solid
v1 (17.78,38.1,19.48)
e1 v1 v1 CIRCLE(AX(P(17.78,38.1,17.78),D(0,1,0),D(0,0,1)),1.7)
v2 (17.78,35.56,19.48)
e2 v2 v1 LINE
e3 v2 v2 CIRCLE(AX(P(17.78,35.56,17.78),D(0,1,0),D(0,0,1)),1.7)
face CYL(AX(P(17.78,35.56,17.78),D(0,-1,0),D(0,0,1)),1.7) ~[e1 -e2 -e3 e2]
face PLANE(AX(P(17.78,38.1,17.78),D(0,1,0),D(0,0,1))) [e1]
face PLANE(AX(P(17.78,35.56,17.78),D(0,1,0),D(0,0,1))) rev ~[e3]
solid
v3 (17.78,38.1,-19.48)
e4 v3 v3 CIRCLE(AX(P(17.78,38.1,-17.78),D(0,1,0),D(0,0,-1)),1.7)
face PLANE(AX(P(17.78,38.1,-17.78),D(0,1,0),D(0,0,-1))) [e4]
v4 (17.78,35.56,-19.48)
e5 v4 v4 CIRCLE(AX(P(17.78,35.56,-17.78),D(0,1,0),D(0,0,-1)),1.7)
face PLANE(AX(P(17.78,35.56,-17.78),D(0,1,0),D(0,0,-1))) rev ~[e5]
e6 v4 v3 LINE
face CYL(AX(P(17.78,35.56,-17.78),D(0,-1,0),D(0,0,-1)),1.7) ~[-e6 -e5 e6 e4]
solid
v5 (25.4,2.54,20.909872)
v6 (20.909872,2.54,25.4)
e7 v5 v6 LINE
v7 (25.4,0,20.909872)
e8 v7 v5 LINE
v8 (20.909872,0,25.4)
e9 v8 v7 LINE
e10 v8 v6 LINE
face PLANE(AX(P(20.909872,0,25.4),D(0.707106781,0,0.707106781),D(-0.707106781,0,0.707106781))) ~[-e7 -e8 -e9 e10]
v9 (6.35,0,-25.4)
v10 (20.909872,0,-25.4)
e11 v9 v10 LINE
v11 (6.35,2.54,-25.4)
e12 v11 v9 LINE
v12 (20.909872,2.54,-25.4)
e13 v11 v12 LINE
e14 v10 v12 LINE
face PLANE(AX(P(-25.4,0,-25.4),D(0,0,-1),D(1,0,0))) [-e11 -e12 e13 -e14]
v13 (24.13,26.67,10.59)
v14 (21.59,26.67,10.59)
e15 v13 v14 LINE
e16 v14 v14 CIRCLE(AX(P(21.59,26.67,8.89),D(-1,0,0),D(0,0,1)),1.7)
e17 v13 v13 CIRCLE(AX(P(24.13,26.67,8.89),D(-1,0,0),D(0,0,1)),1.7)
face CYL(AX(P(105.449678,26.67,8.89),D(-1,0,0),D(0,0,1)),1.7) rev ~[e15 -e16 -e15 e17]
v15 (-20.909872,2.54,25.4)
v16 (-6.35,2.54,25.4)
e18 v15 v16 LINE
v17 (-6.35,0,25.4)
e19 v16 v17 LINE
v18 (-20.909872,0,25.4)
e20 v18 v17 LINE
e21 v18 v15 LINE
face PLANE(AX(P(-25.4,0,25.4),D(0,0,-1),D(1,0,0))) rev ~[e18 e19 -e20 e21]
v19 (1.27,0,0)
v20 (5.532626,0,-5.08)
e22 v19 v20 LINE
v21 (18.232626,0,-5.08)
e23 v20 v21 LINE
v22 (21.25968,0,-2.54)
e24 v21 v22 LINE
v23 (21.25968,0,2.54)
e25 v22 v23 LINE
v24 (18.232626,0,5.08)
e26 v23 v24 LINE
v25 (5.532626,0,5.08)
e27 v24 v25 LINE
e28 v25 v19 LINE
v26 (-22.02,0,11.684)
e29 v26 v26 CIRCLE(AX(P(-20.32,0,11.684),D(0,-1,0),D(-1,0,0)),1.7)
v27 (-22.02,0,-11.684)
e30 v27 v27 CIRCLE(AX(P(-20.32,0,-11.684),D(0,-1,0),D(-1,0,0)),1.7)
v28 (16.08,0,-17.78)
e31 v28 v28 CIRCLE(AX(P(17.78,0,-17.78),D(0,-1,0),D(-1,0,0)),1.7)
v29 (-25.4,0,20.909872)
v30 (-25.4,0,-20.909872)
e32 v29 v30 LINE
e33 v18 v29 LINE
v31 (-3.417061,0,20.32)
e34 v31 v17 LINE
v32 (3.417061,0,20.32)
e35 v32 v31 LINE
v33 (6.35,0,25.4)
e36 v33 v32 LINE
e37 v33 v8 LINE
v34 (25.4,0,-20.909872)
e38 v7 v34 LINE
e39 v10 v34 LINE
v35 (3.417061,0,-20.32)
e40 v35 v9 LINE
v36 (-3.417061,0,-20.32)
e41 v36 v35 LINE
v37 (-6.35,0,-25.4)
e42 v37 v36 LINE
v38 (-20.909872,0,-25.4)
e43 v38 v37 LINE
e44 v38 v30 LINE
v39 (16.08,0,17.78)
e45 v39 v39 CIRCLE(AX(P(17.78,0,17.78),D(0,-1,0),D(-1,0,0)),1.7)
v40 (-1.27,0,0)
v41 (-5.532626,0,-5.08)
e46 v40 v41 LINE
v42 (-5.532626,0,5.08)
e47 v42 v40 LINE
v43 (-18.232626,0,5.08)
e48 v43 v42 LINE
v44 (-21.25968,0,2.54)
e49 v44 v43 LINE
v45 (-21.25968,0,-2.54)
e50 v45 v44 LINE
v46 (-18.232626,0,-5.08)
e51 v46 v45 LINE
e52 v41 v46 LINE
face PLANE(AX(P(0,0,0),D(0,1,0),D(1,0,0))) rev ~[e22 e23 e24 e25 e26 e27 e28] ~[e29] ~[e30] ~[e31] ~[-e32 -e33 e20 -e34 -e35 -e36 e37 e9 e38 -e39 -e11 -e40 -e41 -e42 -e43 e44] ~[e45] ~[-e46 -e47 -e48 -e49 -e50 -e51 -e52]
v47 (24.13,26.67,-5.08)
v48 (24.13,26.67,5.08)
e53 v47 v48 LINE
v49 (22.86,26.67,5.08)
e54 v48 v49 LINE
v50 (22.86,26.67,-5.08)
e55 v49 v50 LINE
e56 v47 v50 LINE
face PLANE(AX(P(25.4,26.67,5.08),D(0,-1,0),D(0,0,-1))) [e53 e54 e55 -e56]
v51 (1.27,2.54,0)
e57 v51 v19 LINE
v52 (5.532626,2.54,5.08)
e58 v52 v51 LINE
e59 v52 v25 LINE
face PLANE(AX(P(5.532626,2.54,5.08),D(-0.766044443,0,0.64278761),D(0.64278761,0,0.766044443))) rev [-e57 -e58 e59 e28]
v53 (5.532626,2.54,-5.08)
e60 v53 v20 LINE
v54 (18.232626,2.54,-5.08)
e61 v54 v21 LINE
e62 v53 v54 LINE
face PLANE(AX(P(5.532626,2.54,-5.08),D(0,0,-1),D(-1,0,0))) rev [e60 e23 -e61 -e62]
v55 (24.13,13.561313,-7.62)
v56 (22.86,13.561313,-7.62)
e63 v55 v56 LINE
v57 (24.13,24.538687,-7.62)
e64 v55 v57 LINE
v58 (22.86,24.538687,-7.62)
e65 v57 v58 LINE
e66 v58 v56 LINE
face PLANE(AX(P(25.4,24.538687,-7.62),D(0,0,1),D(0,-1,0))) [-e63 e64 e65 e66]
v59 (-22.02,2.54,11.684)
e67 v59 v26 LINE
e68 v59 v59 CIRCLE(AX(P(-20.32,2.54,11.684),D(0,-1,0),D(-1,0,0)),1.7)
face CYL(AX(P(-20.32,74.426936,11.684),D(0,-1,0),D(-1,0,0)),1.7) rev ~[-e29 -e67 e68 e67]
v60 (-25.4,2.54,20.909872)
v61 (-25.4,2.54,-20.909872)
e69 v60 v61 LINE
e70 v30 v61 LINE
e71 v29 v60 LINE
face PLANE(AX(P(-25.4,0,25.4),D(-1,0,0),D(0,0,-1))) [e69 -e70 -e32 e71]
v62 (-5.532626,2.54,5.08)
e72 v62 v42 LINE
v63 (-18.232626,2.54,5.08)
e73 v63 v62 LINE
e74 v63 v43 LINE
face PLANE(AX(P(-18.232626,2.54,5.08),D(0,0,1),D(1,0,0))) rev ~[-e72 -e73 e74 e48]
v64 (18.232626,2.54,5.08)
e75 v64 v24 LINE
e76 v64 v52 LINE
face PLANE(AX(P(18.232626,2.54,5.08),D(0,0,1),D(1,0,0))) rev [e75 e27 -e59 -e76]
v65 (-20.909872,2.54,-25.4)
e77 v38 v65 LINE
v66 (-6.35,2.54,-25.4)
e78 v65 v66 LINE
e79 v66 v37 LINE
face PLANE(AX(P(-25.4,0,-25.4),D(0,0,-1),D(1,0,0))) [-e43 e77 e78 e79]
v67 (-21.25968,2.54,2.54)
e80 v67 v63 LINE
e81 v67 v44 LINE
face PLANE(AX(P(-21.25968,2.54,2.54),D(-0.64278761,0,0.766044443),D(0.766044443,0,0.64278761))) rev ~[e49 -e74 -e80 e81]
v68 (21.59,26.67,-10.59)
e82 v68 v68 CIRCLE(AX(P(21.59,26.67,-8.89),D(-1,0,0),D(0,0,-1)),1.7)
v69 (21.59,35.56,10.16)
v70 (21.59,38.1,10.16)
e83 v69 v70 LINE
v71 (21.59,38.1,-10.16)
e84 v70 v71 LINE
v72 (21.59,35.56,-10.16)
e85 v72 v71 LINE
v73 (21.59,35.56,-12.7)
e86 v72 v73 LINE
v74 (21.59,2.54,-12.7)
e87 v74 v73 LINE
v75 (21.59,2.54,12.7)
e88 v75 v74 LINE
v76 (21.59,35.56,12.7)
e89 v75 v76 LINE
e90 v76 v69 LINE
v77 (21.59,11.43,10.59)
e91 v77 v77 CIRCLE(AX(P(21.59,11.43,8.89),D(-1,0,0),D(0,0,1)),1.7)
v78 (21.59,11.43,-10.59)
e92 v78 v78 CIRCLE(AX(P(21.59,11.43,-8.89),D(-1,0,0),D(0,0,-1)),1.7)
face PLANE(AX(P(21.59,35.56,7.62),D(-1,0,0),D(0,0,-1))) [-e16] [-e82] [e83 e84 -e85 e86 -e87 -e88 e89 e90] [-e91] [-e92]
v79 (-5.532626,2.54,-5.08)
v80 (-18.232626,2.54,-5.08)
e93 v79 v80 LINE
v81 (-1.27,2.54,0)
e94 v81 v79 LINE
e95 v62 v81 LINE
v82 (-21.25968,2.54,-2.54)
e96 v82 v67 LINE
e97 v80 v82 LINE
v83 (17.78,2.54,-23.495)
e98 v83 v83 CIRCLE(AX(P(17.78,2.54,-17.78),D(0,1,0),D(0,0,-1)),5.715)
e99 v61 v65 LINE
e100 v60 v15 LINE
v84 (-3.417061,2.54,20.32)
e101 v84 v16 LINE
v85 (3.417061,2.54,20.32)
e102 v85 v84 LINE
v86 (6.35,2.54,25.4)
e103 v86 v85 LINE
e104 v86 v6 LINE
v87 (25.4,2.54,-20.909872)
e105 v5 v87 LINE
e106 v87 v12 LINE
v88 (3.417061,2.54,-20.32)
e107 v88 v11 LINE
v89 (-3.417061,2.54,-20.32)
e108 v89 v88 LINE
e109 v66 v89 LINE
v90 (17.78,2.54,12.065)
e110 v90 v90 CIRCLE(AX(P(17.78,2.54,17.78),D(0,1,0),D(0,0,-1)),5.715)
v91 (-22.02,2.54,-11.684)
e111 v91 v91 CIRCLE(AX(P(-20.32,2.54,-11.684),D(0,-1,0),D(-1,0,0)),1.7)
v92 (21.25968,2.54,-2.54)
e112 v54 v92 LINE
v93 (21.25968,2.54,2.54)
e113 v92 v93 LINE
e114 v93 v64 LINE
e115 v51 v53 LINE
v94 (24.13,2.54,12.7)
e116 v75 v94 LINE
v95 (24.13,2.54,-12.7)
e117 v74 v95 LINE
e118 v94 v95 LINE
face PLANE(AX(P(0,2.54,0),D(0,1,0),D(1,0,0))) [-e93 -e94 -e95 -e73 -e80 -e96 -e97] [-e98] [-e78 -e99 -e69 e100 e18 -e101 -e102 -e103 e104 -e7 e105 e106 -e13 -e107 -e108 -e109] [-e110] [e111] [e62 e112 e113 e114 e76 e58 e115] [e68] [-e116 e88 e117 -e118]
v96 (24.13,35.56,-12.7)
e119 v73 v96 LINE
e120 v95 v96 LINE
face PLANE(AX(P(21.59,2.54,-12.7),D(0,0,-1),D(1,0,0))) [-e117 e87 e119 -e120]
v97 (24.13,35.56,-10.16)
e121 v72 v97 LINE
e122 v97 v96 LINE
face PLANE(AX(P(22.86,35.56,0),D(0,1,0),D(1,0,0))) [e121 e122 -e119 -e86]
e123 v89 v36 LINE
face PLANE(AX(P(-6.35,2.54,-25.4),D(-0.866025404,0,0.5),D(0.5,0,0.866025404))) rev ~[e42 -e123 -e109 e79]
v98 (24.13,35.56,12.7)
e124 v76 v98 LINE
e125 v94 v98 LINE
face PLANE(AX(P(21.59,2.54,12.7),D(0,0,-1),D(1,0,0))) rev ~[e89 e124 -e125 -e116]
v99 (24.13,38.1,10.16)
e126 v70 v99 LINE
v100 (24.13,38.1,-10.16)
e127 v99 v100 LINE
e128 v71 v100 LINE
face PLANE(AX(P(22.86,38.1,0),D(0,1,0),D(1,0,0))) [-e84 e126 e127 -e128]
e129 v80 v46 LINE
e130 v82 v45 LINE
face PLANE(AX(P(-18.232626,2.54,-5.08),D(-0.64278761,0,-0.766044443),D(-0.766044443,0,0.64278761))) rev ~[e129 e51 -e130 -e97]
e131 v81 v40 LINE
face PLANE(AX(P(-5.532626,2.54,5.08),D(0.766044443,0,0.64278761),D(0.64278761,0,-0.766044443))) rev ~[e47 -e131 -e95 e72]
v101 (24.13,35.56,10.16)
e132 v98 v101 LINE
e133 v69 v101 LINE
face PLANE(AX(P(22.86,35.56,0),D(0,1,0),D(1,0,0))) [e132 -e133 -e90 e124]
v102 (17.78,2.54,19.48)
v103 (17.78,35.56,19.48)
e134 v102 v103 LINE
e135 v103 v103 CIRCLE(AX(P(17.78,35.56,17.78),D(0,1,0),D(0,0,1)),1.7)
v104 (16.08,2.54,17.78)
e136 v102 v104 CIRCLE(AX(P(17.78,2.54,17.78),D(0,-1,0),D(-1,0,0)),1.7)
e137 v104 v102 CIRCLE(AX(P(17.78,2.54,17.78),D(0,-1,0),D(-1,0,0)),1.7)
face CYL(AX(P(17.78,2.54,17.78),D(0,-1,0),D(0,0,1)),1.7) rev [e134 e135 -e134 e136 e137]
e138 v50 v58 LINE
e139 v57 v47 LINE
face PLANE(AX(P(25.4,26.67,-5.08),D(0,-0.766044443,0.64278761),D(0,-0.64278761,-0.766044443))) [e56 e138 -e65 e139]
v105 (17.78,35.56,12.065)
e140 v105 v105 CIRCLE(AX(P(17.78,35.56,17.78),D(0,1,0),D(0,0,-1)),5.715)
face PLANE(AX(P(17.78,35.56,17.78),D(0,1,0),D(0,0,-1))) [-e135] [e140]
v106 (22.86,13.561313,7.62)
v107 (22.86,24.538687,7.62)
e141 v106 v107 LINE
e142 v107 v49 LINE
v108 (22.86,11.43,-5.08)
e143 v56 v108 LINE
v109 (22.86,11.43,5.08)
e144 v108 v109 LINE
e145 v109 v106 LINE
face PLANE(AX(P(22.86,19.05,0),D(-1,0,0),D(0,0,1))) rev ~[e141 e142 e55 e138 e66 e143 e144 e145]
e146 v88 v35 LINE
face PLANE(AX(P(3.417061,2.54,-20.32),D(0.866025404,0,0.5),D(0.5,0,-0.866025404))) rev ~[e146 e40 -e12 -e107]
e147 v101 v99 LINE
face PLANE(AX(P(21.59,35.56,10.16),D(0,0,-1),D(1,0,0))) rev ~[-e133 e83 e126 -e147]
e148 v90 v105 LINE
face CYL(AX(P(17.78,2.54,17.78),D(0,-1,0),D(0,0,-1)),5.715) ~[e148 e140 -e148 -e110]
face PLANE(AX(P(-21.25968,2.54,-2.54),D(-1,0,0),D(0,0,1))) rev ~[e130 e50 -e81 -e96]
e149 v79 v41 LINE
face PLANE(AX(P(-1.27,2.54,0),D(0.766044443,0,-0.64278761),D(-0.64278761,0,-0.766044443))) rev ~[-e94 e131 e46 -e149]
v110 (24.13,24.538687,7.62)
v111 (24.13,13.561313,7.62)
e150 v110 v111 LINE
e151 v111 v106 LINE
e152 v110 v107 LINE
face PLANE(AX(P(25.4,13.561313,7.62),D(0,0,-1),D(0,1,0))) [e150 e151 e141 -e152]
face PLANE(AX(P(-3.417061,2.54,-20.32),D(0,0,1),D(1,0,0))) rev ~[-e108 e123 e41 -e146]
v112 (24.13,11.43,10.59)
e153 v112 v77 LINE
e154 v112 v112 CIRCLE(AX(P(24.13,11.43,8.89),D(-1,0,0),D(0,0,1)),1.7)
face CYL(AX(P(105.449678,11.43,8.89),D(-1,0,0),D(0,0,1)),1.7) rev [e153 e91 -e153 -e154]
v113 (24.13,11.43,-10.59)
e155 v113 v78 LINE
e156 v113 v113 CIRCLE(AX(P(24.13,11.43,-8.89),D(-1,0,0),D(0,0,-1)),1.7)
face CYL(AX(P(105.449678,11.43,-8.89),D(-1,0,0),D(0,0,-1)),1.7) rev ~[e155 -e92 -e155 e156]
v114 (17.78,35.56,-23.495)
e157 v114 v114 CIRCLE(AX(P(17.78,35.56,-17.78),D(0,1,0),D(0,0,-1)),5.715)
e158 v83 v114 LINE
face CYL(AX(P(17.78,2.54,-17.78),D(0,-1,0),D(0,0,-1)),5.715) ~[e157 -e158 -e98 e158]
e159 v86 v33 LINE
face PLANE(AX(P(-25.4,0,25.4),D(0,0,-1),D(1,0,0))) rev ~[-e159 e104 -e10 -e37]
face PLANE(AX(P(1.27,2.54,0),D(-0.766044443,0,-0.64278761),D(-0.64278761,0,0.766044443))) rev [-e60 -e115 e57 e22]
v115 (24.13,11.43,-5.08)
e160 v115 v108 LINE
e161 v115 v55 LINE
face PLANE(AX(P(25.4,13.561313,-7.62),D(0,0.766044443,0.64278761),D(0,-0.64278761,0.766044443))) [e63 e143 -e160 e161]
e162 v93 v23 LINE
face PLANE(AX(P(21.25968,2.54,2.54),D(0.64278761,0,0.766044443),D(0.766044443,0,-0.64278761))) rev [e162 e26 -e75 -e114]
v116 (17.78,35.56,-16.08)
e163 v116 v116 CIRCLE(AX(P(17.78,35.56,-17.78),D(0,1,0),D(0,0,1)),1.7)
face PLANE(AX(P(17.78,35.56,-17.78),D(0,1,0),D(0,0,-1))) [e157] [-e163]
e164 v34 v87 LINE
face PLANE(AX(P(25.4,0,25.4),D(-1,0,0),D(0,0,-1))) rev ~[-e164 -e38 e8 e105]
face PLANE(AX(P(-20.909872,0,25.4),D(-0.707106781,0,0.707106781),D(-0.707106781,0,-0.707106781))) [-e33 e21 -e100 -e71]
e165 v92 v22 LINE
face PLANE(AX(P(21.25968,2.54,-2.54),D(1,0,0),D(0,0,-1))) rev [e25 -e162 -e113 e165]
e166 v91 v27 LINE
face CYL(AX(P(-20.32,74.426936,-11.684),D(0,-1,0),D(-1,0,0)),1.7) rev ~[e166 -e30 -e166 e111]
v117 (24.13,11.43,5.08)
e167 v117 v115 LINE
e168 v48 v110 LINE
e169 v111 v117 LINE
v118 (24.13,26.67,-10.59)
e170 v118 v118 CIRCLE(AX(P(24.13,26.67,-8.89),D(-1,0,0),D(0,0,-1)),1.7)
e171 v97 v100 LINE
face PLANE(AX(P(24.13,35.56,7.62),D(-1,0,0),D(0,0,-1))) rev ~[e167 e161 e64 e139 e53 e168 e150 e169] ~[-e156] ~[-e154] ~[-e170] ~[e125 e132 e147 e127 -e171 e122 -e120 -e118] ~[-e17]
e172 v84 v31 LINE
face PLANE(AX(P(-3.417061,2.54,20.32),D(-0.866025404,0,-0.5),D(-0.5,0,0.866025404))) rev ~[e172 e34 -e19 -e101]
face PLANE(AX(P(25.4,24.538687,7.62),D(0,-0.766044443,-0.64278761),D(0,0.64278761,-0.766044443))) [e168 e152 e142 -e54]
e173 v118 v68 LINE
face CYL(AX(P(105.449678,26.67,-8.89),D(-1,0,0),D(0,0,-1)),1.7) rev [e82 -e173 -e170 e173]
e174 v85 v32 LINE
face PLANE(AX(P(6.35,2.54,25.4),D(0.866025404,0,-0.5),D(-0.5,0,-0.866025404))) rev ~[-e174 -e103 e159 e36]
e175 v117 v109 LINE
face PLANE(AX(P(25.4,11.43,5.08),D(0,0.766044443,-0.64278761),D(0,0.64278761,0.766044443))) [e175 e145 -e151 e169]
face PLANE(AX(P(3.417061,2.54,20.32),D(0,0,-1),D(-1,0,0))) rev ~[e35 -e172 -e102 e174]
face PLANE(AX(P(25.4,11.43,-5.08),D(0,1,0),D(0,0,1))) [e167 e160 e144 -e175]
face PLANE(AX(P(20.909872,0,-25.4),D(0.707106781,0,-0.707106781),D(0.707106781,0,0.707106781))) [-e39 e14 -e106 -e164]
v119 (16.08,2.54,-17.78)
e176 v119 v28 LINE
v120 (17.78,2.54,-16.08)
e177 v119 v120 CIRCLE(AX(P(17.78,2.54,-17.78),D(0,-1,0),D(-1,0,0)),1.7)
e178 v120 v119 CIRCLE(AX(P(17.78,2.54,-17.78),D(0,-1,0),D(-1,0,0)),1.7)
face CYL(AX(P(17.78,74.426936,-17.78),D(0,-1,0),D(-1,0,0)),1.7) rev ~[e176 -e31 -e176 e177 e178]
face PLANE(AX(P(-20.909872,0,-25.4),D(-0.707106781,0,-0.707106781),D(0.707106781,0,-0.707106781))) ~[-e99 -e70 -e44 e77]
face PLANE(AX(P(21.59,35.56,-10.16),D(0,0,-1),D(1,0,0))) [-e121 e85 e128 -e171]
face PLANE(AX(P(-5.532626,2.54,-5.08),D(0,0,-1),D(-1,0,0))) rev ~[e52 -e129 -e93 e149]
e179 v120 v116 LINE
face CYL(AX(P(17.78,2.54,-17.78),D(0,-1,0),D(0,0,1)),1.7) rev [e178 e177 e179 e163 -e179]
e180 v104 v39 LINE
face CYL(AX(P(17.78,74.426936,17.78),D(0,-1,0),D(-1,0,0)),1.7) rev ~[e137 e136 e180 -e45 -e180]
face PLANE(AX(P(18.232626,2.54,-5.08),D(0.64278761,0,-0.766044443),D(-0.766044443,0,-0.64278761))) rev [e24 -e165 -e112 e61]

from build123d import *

# Parameters (mm, degrees)
SKETCH1_W                       = 50.8
SKETCH1_H                       = 50.8
BOSS_EXTRUDE1_DEPTH             = 2.54
HOLES_FOR_ARMS_D                = 3.4
HOLES_FOR_STRUCTURE_D           = 3.4
CORNERS_START                   = -2.54
CORNERS_DEPTH                   = 39.550715072
MIRROR_START                    = -2.54
MIRROR_OF_CORNER_2_COPY_1_DEPTH = 39.550715072
SIDE_CUTS_DEPTH                 = 2.54
CENTER_CUT_DEPTH                = 2.54
SKETCH16_R                      = 5.715
SKETCH16_R_2                    = 1.7
STANDOFFS_DEPTH                 = 33.02
SKETCH17_W                      = 2.54
SKETCH17_H                      = 25.4
BOSS_EXTRUDE2_DEPTH             = 33.02
SKETCH18_W                      = 2.54
SKETCH18_H                      = 2.54
BOSS_EXTRUDE3_DEPTH             = 2.54
CUT_EXTRUDE1_DEPTH              = 2.54
M3_CLEARANCE_HOLE1_D            = 3.4
MIRROR2_COPY_1_D                = 3.4
SKETCH23_R                      = 1.7
BOSS_EXTRUDE4_DEPTH             = 2.54
BOSS_EXTRUDE4_2_DEPTH           = 2.54
SKETCH24_W                      = 2.54
SKETCH24_H                      = 15.24
BOSS_EXTRUDE5_DEPTH             = 2.54


with BuildPart() as part:
    # Sketch1 → Boss-Extrude1 (new body)
    with BuildSketch(Plane(origin=(0, 0, 0), x_dir=(1, 0, 0), z_dir=(0, 1, 0))):
        Rectangle(SKETCH1_W, SKETCH1_H)
    extrude(amount=BOSS_EXTRUDE1_DEPTH)

    # holes for arms (through all)
    with Locations(Plane(origin=(0, 2.54, 0), x_dir=(1, 0, 0), z_dir=(0, 1, 0))):
        with Locations((-20.32, -11.684), (-20.32, 11.684)):
            Hole(HOLES_FOR_ARMS_D / 2)

    # holes for structure (through all)
    with Locations(Plane(origin=(0, 2.54, 0), x_dir=(1, 0, 0), z_dir=(0, 1, 0))):
        with Locations((17.78, -17.78), (17.78, 17.78)):
            Hole(HOLES_FOR_STRUCTURE_D / 2)

    # Sketch12 → corners (cut)
    with BuildSketch(Plane(origin=(0, 2.54, 0), x_dir=(1, 0, 0), z_dir=(0, 1, 0)).offset(CORNERS_START)):
        Polygon((-25.4, -25.4), (-20.909871939, -25.4), (-25.4, -20.909871939), align=None)
    corners = extrude(amount=CORNERS_DEPTH, mode=Mode.SUBTRACT)

    # mirror of corner: corners across plane
    add(corners.mirror(Plane.ZY), mode=Mode.SUBTRACT)

    # mirror of corner 2: corners across plane
    add(corners.mirror(Plane(origin=(0, 0, 0), x_dir=(1, 0, 0), z_dir=(0, 0, -1))), mode=Mode.SUBTRACT)

    # mirror of corner 2 copy 1 sketch → mirror of corner 2 copy 1 (cut)
    with BuildSketch(Plane(origin=(0, 2.54, 0), x_dir=(-1, 0, 0), z_dir=(0, 1, 0)).offset(MIRROR_START)):
        Polygon((-25.4, -25.4), (-20.909871939, -25.4), (-25.4, -20.909871939), align=None)
    extrude(amount=MIRROR_OF_CORNER_2_COPY_1_DEPTH, mode=Mode.SUBTRACT)

    # Sketch14 → side cuts (cut)
    with BuildSketch(Plane(origin=(0, 2.54, 0), x_dir=(1, 0, 0), z_dir=(0, 1, 0))):
        Polygon((-6.35, -25.4), (6.35, -25.4), (3.417060633, -20.32), (-3.417060633, -20.32), align=None)
        Polygon((-6.35, 25.4), (-3.417060633, 20.32), (3.417060633, 20.32), (6.35, 25.4), align=None)
    extrude(amount=-SIDE_CUTS_DEPTH, mode=Mode.SUBTRACT)

    # Sketch15 → center cut (cut)
    with BuildSketch(Plane(origin=(0, 2.54, 0), x_dir=(1, 0, 0), z_dir=(0, 1, 0))):
        Polygon((-21.259680252, 2.54), (-21.259680252, -2.54), (-18.232626126, -5.08), (-5.532626126, -5.08), (-1.27, 0), (-5.532626126, 5.08), (-18.232626126, 5.08), align=None)
    center_cut = extrude(amount=-CENTER_CUT_DEPTH, mode=Mode.SUBTRACT)

    # mirror of center cut: center cut across plane
    add(center_cut.mirror(Plane.ZY), mode=Mode.SUBTRACT)

    # Sketch16 → standoffs (add)
    # profile 1 of 2: a face of its own
    with BuildSketch(Plane(origin=(0, 2.54, 0), x_dir=(1, 0, 0), z_dir=(0, 1, 0))):
        with Locations(Location((17.78, -17.78, 0), (0, 0, 90))):
            Circle(SKETCH16_R)
        with Locations(Location((17.78, -17.78, 0), (0, 0, 270))):
            Circle(SKETCH16_R_2, mode=Mode.SUBTRACT)
    # profile 2 of 2: a face of its own
    with BuildSketch(Plane(origin=(0, 2.54, 0), x_dir=(1, 0, 0), z_dir=(0, 1, 0))):
        with Locations(Location((17.78, 17.78, 0), (0, 0, 90))):
            Circle(SKETCH16_R)
        with Locations(Location((17.78, 17.78, 0), (0, 0, 270))):
            Circle(SKETCH16_R_2, mode=Mode.SUBTRACT)
    extrude(amount=STANDOFFS_DEPTH)

    # Sketch17 → Boss-Extrude2 (add)
    with BuildSketch(Plane(origin=(0, 2.54, 0), x_dir=(1, 0, 0), z_dir=(0, 1, 0))):
        with Locations((22.86, 0)):
            Rectangle(SKETCH17_W, SKETCH17_H)
    extrude(amount=BOSS_EXTRUDE2_DEPTH)

    # Sketch18 → Boss-Extrude3 (add)
    with BuildSketch(Plane(origin=(0, 35.56, 0), x_dir=(1, 0, 0), z_dir=(0, 1, 0))):
        with Locations((22.86, -8.89)):
            Rectangle(SKETCH18_W, SKETCH18_H)
        with Locations((22.86, 8.89)):
            Rectangle(SKETCH18_W, SKETCH18_H)
    extrude(amount=BOSS_EXTRUDE3_DEPTH)

    # Sketch19 → Cut-Extrude1 (cut)
    with BuildSketch(Plane(origin=(25.4, 0, 0), x_dir=(0, 0, -1), z_dir=(1, 0, 0))):
        Polygon((-7.62, 13.561313063), (-7.62, 24.538686937), (-5.08, 26.67), (5.08, 26.67), (7.62, 24.538686937), (7.62, 13.561313063), (5.08, 11.43), (-5.08, 11.43), align=None)
    extrude(amount=-CUT_EXTRUDE1_DEPTH, mode=Mode.SUBTRACT)

    # M3 Clearance Hole1 (through all)
    with Locations(Plane(origin=(24.13, 0, 0), x_dir=(0, 0, -1), z_dir=(1, 0, 0))):
        with Locations((-8.89, 26.67)):
            m3_clearance_hole1 = Hole(M3_CLEARANCE_HOLE1_D / 2)

    # Mirror1: M3 Clearance Hole1 across plane
    add(m3_clearance_hole1.mirror(Plane(origin=(0, 0, 0), x_dir=(1, 0, 0), z_dir=(0, 0, -1))), mode=Mode.SUBTRACT)

    # Mirror2: M3 Clearance Hole1 across plane
    add(m3_clearance_hole1.mirror(Plane.ZX.offset(19.05)), mode=Mode.SUBTRACT)

    # Mirror2 copy 1 (through all)
    with Locations(Plane(origin=(24.13, 38.1, 0), x_dir=(0, 0, 1), z_dir=(1, 0, 0))):
        with Locations((-8.89, 26.67)):
            Hole(MIRROR2_COPY_1_D / 2)

    # Sketch24 → Boss-Extrude5 (add)
    with BuildSketch(Plane(origin=(0, 35.56, 0), x_dir=(1, 0, 0), z_dir=(0, 1, 0))):
        with Locations((22.86, 0)):
            Rectangle(SKETCH24_W, SKETCH24_H)
    extrude(amount=BOSS_EXTRUDE5_DEPTH)


with BuildPart() as body_2:
    # Sketch23 → Boss-Extrude4 (new body)
    with BuildSketch(Plane(origin=(0, 35.56, 0), x_dir=(1, 0, 0), z_dir=(0, 1, 0))):
        with Locations(Location((17.78, -17.78, 0), (0, 0, 270))):
            Circle(SKETCH23_R)
    extrude(amount=BOSS_EXTRUDE4_DEPTH)


with BuildPart() as body_3:
    # Sketch23 → Boss-Extrude4 2 (new body)
    with BuildSketch(Plane(origin=(0, 35.56, 0), x_dir=(1, 0, 0), z_dir=(0, 1, 0))):
        with Locations(Location((17.78, 17.78, 0), (0, 0, 90))):
            Circle(SKETCH23_R)
    extrude(amount=BOSS_EXTRUDE4_2_DEPTH)


solid = Compound([part.part, body_2.part, body_3.part])
